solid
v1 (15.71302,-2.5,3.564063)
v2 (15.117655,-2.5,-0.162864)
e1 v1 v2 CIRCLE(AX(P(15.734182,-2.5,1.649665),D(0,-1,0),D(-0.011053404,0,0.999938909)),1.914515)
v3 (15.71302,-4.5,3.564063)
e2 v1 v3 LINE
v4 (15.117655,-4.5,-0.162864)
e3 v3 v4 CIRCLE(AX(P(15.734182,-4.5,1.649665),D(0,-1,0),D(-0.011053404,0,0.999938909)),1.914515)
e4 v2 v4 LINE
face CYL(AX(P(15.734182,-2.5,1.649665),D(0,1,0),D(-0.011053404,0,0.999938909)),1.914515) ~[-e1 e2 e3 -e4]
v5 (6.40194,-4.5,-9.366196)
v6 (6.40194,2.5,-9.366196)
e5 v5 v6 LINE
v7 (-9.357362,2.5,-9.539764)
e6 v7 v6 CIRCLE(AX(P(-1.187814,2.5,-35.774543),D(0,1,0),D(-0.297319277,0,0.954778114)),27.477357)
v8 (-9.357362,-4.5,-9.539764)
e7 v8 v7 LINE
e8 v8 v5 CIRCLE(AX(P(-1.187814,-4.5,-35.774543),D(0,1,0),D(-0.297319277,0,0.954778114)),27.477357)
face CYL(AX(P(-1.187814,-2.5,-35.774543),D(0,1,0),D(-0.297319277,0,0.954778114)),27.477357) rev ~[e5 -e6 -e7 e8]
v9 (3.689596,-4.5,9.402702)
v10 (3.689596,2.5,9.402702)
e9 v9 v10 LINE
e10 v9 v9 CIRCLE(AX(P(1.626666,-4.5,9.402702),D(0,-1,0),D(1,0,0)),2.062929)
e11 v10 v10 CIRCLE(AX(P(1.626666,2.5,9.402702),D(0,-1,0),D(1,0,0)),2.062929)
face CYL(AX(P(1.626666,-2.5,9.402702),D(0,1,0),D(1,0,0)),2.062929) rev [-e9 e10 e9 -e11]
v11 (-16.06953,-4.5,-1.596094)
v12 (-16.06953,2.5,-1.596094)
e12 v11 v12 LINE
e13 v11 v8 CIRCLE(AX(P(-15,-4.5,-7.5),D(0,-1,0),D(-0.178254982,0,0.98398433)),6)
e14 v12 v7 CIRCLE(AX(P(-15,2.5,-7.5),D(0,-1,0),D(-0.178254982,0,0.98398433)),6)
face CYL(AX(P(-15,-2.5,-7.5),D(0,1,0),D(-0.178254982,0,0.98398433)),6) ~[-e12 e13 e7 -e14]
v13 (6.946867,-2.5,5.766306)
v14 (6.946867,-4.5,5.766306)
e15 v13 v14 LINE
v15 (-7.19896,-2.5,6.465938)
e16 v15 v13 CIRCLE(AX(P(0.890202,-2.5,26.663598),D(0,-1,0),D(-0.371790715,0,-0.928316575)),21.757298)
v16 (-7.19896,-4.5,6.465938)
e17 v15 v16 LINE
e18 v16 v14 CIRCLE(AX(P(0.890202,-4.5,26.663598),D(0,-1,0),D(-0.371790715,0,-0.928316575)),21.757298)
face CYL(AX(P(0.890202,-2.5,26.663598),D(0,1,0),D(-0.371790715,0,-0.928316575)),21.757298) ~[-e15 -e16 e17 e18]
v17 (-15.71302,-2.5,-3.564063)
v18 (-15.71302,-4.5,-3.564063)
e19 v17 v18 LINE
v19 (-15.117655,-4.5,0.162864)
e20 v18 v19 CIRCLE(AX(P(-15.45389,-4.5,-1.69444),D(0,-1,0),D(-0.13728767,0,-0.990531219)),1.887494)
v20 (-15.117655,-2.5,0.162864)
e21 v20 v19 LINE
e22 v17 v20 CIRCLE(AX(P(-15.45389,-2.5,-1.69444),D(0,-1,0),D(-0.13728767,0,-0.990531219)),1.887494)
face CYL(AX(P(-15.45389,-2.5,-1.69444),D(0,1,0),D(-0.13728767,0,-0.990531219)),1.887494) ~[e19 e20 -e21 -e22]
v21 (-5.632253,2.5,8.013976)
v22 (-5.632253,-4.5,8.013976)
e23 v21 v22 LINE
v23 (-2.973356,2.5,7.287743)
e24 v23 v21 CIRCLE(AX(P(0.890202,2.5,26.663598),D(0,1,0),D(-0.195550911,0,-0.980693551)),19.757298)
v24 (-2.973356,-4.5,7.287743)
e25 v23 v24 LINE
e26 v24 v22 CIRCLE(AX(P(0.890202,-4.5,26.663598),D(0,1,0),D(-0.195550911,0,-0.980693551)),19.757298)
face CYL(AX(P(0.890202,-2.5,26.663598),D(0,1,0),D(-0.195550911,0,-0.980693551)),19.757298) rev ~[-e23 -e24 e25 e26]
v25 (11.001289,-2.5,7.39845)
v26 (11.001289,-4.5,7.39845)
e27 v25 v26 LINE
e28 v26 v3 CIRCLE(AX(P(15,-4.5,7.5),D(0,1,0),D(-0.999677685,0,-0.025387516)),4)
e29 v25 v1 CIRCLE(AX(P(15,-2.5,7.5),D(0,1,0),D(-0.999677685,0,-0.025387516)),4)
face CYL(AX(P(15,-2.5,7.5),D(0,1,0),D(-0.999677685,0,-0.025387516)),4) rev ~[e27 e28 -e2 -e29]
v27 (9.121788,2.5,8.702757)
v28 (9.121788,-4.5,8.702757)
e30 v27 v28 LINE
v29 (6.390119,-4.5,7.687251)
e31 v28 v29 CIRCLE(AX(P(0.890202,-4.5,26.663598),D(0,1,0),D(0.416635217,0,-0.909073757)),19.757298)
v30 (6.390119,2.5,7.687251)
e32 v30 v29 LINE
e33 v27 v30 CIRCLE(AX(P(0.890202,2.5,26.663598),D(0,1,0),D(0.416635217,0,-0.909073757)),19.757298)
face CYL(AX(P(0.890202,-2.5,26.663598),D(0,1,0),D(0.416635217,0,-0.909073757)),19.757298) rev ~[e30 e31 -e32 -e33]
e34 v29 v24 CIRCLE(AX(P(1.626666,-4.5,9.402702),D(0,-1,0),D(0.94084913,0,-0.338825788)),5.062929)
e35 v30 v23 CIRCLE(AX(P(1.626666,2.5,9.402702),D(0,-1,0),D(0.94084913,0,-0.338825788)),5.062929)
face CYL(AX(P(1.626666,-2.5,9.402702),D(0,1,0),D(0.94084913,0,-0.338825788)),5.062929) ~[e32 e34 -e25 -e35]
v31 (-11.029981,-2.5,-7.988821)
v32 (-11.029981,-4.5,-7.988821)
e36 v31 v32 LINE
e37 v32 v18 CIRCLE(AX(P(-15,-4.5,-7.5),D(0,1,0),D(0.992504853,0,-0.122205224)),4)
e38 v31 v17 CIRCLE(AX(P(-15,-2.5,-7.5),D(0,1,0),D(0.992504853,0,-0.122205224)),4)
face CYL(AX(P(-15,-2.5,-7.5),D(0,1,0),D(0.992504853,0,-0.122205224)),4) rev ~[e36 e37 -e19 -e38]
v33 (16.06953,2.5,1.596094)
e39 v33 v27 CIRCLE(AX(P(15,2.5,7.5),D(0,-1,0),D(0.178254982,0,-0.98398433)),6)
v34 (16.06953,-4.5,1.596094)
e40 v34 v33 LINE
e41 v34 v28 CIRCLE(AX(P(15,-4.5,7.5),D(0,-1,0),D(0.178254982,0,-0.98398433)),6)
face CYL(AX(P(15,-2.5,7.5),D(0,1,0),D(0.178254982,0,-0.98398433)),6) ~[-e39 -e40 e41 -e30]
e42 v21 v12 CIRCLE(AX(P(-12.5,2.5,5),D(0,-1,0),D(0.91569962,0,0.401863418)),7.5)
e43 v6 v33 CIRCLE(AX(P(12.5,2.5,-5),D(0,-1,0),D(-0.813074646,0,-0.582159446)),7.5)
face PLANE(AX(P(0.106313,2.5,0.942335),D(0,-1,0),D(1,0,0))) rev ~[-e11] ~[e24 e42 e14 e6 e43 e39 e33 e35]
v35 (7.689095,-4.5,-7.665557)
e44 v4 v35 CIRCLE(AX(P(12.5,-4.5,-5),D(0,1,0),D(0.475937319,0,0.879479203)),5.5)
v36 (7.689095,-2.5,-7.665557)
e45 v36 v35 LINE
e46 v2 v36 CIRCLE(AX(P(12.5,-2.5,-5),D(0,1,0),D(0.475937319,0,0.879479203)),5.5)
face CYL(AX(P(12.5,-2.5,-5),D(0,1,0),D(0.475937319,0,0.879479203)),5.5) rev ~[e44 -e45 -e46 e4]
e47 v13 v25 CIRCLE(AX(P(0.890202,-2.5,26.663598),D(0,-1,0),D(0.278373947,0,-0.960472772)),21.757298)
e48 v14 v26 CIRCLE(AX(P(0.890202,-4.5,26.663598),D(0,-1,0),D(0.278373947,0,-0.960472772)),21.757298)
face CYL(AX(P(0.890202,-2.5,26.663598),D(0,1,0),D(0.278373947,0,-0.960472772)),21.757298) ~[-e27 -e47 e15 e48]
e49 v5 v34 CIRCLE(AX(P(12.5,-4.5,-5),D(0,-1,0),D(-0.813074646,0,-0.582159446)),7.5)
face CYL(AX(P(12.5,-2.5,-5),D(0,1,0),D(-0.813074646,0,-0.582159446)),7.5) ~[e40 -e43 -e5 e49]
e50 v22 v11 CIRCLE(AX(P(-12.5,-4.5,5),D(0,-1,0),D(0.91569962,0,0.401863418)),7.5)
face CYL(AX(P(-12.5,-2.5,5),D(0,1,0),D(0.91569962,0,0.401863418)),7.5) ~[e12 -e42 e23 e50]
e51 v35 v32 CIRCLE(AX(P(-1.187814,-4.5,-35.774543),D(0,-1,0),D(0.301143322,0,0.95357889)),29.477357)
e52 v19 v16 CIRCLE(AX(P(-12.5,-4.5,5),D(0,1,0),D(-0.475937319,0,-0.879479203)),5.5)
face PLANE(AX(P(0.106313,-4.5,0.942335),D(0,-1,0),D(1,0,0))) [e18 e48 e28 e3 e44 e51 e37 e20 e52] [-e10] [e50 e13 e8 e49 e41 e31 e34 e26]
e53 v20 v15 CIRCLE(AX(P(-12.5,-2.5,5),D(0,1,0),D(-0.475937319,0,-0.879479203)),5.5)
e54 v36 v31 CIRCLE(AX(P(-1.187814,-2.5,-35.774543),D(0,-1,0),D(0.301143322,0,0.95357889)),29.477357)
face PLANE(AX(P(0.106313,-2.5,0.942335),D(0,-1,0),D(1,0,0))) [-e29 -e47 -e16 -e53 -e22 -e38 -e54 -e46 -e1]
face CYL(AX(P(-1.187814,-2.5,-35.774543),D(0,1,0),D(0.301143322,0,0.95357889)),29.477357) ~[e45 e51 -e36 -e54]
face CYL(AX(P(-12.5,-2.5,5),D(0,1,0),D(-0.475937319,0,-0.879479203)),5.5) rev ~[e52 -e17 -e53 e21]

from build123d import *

# Parameters (mm, degrees)
F0_R     = 2.0629294667
F1_DEPTH = 2.5
F2_R     = 2.0629294667
F3_DEPTH = 2


with BuildPart() as f1:
    # F0 (on Front) → F1 (new body, symmetric)
    with BuildSketch(Plane.XZ):
        with BuildLine():
            ThreePointArc((-2.9733559883, 7.2877431949), (-4.3154842255, 7.6044358559), (-5.6322528526, 8.0139756335))
            ThreePointArc((-5.6322528526, 8.0139756335), (-17.5801495013, 10.517434281), (-16.0695298939, -1.5960940212))
            ThreePointArc((-16.0695298939, -1.5960940212), (-19.582990396, -11.3724926121), (-9.3573618969, -9.539763525))
            ThreePointArc((-9.3573618969, -9.539763525), (-1.4904220471, -8.2988519903), (6.4019401556, -9.3661958423))
            ThreePointArc((6.4019401556, -9.3661958423), (18.1250613944, -9.9607140927), (16.0695298939, 1.5960940212))
            ThreePointArc((16.0695298939, 1.5960940212), (19.2903403039, 11.694398655), (9.1217880274, 8.7027568356))
            ThreePointArc((9.1217880274, 8.7027568356), (7.7747031338, 8.1445681011), (6.3901188663, 7.6872511648))
            ThreePointArc((6.3901188663, 7.6872511648), (1.4108442723, 14.4610295973), (-2.9733559883, 7.2877431949))
        make_face()
        with Locations((1.6266660829, 9.4027022324)):
            Circle(F0_R, mode=Mode.SUBTRACT)
    extrude(amount=F1_DEPTH, both=True)

    # F2 (on face) → F3 (join)
    with BuildSketch(Plane.XZ.offset(2.5)):
        with BuildLine():
            ThreePointArc((16.0695298939, 1.5960940212), (19.2903403039, 11.694398655), (9.1217880274, 8.7027568356))
            ThreePointArc((9.1217880274, 8.7027568356), (7.7747031338, 8.1445681011), (6.3901188663, 7.6872511648))
            ThreePointArc((6.3901188663, 7.6872511648), (1.4108442723, 14.4610295973), (-2.9733559883, 7.2877431949))
            ThreePointArc((-2.9733559883, 7.2877431949), (-4.3154842255, 7.6044358559), (-5.6322528526, 8.0139756335))
            ThreePointArc((-5.6322528526, 8.0139756335), (-17.5801495013, 10.517434281), (-16.0695298939, -1.5960940212))
            ThreePointArc((-16.0695298939, -1.5960940212), (-19.582990396, -11.3724926121), (-9.3573618969, -9.539763525))
            ThreePointArc((-9.3573618969, -9.539763525), (-1.4904220471, -8.2988519903), (6.4019401556, -9.3661958423))
            ThreePointArc((6.4019401556, -9.3661958423), (18.1250613944, -9.9607140927), (16.0695298939, 1.5960940212))
        make_face()
        with BuildLine():
            ThreePointArc((-15.1176552555, 0.1628643844), (-15.9252476707, 9.3032172144), (-7.1989598192, 6.4659375844))
            ThreePointArc((-7.1989598192, 6.4659375844), (-0.1845688251, 4.9328619806), (6.9468667613, 5.7663056213))
            ThreePointArc((6.9468667613, 5.7663056213), (9.0151650827, 6.4803130594), (11.0012892597, 7.3984499345))
            ThreePointArc((11.0012892597, 7.3984499345), (17.5247915615, 10.60248732), (15.7130199292, 3.5640626808))
            ThreePointArc((15.7130199292, 3.5640626808), (13.8436374721, 1.9516732135), (15.1176552555, -0.1628643844))
            ThreePointArc((15.1176552555, -0.1628643844), (16.4083482365, -8.8697304896), (7.6890952534, -7.6655572624))
            ThreePointArc((7.6890952534, -7.6655572624), (-1.6967887275, -6.3015800969), (-11.0299805878, -7.9888208946))
            ThreePointArc((-11.0299805878, -7.9888208946), (-17.7471135252, -10.4074675027), (-15.7130199292, -3.5640626808))
            ThreePointArc((-15.7130199292, -3.5640626808), (-13.5900279212, -1.9921865278), (-15.1176552555, 0.1628643844))
        make_face(mode=Mode.SUBTRACT)
        with Locations((1.6266660829, 9.4027022324)):
            Circle(F2_R, mode=Mode.SUBTRACT)
    extrude(amount=F3_DEPTH)


solid = f1.part
